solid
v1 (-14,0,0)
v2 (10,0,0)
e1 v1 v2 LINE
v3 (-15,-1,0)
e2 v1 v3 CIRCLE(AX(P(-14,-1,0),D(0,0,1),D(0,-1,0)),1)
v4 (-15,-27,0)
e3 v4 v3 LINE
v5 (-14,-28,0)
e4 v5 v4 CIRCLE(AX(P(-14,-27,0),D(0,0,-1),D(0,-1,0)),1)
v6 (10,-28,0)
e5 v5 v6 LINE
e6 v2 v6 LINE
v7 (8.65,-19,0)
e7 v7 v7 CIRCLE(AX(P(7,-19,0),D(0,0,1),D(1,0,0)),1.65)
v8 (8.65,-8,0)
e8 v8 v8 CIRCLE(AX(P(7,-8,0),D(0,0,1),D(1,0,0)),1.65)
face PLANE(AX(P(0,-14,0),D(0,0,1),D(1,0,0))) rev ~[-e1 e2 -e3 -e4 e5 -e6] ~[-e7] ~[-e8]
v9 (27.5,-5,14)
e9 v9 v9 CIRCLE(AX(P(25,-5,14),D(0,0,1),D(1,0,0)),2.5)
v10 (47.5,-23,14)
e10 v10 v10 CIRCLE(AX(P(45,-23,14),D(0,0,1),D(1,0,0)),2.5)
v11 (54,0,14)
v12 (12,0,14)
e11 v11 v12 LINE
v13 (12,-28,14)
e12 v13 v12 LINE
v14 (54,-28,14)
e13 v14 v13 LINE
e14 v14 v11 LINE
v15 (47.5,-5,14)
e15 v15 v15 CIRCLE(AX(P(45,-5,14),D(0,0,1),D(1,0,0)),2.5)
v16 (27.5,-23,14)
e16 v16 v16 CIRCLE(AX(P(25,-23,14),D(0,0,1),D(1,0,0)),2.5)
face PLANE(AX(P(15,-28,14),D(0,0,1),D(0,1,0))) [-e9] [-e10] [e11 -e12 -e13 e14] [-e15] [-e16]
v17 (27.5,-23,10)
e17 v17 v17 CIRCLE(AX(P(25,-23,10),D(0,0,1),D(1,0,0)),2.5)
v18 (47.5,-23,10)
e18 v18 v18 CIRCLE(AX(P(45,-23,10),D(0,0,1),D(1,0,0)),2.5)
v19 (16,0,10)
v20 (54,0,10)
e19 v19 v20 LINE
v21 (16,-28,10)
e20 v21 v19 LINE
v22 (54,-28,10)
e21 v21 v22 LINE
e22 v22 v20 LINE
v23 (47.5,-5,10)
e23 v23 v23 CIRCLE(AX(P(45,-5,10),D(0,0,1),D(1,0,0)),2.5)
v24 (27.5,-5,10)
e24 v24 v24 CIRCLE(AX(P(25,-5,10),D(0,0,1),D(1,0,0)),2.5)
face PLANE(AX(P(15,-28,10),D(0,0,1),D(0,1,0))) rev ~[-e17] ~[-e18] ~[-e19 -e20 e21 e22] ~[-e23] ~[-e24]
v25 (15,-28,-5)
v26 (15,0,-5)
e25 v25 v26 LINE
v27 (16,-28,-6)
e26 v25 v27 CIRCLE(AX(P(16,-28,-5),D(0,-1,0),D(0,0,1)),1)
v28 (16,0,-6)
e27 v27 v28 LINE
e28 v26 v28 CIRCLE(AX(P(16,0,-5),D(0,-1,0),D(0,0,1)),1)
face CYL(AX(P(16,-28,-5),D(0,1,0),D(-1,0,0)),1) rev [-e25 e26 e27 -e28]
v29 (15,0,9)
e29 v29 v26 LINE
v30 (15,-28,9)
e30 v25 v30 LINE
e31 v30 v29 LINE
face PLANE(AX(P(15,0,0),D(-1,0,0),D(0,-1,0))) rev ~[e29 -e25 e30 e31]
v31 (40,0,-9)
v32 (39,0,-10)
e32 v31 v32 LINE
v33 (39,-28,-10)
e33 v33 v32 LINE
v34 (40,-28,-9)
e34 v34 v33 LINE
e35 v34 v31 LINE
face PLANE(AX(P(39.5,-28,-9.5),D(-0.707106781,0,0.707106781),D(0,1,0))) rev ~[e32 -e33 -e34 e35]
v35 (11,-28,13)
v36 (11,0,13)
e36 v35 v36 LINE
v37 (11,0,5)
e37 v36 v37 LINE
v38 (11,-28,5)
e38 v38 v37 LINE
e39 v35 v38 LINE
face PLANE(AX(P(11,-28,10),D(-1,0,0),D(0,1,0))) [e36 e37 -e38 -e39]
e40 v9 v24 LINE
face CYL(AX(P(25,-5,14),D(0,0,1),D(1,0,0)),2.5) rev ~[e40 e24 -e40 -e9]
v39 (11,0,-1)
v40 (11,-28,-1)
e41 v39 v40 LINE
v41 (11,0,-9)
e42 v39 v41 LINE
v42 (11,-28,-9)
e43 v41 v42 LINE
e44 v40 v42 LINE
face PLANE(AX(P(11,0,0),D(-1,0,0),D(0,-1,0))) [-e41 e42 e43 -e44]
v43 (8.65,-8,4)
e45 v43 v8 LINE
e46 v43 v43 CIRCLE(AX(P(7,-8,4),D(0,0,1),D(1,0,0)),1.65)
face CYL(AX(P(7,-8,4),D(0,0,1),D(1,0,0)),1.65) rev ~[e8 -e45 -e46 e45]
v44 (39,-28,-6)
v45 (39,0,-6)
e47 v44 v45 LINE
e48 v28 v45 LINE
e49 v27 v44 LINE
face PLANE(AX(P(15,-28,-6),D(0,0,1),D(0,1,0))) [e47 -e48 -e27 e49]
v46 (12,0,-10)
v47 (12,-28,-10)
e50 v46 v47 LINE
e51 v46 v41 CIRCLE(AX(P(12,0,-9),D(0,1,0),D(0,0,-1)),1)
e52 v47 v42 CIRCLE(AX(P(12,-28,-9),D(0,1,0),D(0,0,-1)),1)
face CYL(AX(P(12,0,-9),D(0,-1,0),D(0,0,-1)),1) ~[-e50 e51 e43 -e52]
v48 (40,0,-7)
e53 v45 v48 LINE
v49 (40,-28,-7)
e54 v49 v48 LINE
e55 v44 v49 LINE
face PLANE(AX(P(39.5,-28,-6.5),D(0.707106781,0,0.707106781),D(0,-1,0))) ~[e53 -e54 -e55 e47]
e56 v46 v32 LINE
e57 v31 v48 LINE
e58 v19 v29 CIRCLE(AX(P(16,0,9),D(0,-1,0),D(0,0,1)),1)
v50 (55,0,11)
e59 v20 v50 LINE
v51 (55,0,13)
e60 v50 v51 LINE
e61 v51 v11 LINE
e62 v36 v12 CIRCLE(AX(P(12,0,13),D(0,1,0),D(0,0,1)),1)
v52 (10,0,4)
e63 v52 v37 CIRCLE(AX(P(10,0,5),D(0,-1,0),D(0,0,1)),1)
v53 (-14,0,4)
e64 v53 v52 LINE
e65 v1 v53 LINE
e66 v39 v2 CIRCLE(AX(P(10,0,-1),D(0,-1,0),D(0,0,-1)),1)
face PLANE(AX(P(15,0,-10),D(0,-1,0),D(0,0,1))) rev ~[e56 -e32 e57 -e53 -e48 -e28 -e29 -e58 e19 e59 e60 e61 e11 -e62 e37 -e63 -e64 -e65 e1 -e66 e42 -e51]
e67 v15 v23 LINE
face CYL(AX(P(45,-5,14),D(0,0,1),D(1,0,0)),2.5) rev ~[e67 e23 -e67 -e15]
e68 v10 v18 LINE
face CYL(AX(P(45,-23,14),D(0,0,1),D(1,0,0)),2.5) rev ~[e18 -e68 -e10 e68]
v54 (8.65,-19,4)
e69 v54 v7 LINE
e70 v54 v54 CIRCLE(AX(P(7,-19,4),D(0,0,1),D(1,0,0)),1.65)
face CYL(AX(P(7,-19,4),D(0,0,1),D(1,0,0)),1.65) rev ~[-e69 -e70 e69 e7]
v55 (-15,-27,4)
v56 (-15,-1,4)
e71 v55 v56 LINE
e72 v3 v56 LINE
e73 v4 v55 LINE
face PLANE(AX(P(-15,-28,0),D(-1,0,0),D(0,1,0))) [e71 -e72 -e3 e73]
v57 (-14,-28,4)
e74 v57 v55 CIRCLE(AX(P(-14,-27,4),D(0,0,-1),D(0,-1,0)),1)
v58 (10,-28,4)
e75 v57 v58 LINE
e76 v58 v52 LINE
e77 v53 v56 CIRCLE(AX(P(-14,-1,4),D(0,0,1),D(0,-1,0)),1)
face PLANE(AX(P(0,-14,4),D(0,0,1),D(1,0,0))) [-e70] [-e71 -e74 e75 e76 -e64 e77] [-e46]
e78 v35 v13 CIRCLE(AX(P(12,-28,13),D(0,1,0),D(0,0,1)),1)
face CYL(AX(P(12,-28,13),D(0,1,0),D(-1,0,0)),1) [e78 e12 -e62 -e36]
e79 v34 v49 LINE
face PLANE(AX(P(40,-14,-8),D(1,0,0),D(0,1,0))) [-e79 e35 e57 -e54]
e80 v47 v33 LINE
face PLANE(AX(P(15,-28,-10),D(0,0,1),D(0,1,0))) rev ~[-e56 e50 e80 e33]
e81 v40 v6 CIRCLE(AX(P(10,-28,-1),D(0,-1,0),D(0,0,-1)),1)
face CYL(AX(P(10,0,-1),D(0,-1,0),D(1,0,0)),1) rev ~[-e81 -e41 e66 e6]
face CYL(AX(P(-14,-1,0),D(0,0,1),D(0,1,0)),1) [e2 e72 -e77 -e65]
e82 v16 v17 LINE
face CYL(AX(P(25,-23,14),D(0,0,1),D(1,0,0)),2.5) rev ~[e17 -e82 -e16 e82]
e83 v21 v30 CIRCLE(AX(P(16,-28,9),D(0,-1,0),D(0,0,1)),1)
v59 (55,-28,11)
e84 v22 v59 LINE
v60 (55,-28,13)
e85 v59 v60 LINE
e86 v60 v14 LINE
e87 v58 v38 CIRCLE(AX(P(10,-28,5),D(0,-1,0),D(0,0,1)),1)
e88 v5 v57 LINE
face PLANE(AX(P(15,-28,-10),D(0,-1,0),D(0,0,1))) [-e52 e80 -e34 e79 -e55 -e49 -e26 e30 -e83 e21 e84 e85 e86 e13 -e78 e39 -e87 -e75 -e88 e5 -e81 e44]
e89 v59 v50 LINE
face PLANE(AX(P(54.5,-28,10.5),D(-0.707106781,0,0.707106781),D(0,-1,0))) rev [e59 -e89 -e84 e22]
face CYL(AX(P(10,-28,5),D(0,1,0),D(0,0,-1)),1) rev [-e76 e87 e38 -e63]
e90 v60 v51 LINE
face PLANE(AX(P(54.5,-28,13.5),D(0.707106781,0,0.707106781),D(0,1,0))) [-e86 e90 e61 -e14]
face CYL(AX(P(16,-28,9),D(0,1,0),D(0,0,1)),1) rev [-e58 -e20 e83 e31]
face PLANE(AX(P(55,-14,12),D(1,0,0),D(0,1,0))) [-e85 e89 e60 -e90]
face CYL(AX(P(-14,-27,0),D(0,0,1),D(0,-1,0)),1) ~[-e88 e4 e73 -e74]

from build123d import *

# Parameters (mm, degrees)
SKETCH_W        = 30
SKETCH_H        = 28
PAD_DEPTH       = 4
SKETCH001_W     = 4
SKETCH001_H     = 28
PAD001_DEPTH    = 6
PAD001_FACE5_W  = 28
PAD001_FACE5_H  = 4
PAD002_DEPTH    = 4
SKETCH002_W     = 28
SKETCH002_H     = 4
PAD003_DEPTH    = 40
SKETCH003_R     = 2.5
POCKET_DEPTH    = 5
SKETCH004_R     = 1.65
POCKET001_DEPTH = 5
SKETCH005_W     = 4
SKETCH005_H     = 28
PAD004_DEPTH    = 10
SKETCH006_W     = 28
SKETCH006_H     = 4
PAD005_DEPTH    = 25
FILLET_R        = 1
CHAMFER_SIZE    = 1


with BuildPart() as part:
    # Sketch → Pad (new body)
    with BuildSketch(Plane.XY):
        with Locations((0, -14)):
            Rectangle(SKETCH_W, SKETCH_H)
    extrude(amount=PAD_DEPTH)

    # Sketch001 (on Face6 of Pad) → Pad001 (join)
    with BuildSketch(Plane.XY.offset(4)):
        with Locations((13, -14)):
            Rectangle(SKETCH001_W, SKETCH001_H)
    extrude(amount=PAD001_DEPTH)

    # Pad001 Face5 → Pad002 (add)
    with BuildSketch(Plane(origin=(13, -14, 10), x_dir=(0, 1, 0), z_dir=(0, 0, 1))):
        Rectangle(PAD001_FACE5_W, PAD001_FACE5_H)
    extrude(amount=PAD002_DEPTH)

    # Sketch002 (on Face8 of Pad002) → Pad003 (join)
    with BuildSketch(Plane.YZ.offset(15)):
        with Locations((-14, 12)):
            Rectangle(SKETCH002_W, SKETCH002_H)
    extrude(amount=PAD003_DEPTH)

    # Sketch003 (on Face10 of Pad003) → Pocket (cut)
    with BuildSketch(Plane.XY.offset(14)):
        with Locations((25, -5)):
            Circle(SKETCH003_R)
        with Locations((25, -23)):
            Circle(SKETCH003_R)
        with Locations((45, -5)):
            Circle(SKETCH003_R)
        with Locations((45, -23)):
            Circle(SKETCH003_R)
    extrude(amount=-POCKET_DEPTH, mode=Mode.SUBTRACT)

    # Sketch004 (on Face5 of Pocket) → Pocket001 (cut)
    with BuildSketch(Plane.XY.offset(4)):
        with Locations((7, -8)):
            Circle(SKETCH004_R)
        with Locations((7, -19)):
            Circle(SKETCH004_R)
    extrude(amount=-POCKET001_DEPTH, mode=Mode.SUBTRACT)

    # Sketch005 (on Face4 of Pocket001) → Pad004 (join)
    with BuildSketch(Plane(origin=(0, 0, 0), x_dir=(1, 0, 0), z_dir=(0, 0, -1))):
        with Locations((13, 14)):
            Rectangle(SKETCH005_W, SKETCH005_H)
    extrude(amount=PAD004_DEPTH)

    # Sketch006 (on Face18 of Pad004) → Pad005 (join)
    with BuildSketch(Plane.YZ.offset(15)):
        with Locations((-14, -8)):
            Rectangle(SKETCH006_W, SKETCH006_H)
    extrude(amount=PAD005_DEPTH)

    # Fillet
    fillet_edges = [part.edges().sort_by_distance(p)[0] for p in [
        (15, -14, 10),
        (15, -14, -6),
        (11, -14, 4),
        (11, -14, 0),
        (-15, 0, 2),
        (-15, -28, 2),
        (11, -14, 14),
        (11, -14, -10),
    ]]
    fillet(fillet_edges, radius=FILLET_R)

    # Chamfer
    chamfer_edges = [part.edges().sort_by_distance(p)[0] for p in [
        (40, -14, -6),
        (55, -14, 10),
        (40, -14, -10),
        (55, -14, 14),
    ]]
    chamfer(chamfer_edges, length=CHAMFER_SIZE)


solid = part.part
